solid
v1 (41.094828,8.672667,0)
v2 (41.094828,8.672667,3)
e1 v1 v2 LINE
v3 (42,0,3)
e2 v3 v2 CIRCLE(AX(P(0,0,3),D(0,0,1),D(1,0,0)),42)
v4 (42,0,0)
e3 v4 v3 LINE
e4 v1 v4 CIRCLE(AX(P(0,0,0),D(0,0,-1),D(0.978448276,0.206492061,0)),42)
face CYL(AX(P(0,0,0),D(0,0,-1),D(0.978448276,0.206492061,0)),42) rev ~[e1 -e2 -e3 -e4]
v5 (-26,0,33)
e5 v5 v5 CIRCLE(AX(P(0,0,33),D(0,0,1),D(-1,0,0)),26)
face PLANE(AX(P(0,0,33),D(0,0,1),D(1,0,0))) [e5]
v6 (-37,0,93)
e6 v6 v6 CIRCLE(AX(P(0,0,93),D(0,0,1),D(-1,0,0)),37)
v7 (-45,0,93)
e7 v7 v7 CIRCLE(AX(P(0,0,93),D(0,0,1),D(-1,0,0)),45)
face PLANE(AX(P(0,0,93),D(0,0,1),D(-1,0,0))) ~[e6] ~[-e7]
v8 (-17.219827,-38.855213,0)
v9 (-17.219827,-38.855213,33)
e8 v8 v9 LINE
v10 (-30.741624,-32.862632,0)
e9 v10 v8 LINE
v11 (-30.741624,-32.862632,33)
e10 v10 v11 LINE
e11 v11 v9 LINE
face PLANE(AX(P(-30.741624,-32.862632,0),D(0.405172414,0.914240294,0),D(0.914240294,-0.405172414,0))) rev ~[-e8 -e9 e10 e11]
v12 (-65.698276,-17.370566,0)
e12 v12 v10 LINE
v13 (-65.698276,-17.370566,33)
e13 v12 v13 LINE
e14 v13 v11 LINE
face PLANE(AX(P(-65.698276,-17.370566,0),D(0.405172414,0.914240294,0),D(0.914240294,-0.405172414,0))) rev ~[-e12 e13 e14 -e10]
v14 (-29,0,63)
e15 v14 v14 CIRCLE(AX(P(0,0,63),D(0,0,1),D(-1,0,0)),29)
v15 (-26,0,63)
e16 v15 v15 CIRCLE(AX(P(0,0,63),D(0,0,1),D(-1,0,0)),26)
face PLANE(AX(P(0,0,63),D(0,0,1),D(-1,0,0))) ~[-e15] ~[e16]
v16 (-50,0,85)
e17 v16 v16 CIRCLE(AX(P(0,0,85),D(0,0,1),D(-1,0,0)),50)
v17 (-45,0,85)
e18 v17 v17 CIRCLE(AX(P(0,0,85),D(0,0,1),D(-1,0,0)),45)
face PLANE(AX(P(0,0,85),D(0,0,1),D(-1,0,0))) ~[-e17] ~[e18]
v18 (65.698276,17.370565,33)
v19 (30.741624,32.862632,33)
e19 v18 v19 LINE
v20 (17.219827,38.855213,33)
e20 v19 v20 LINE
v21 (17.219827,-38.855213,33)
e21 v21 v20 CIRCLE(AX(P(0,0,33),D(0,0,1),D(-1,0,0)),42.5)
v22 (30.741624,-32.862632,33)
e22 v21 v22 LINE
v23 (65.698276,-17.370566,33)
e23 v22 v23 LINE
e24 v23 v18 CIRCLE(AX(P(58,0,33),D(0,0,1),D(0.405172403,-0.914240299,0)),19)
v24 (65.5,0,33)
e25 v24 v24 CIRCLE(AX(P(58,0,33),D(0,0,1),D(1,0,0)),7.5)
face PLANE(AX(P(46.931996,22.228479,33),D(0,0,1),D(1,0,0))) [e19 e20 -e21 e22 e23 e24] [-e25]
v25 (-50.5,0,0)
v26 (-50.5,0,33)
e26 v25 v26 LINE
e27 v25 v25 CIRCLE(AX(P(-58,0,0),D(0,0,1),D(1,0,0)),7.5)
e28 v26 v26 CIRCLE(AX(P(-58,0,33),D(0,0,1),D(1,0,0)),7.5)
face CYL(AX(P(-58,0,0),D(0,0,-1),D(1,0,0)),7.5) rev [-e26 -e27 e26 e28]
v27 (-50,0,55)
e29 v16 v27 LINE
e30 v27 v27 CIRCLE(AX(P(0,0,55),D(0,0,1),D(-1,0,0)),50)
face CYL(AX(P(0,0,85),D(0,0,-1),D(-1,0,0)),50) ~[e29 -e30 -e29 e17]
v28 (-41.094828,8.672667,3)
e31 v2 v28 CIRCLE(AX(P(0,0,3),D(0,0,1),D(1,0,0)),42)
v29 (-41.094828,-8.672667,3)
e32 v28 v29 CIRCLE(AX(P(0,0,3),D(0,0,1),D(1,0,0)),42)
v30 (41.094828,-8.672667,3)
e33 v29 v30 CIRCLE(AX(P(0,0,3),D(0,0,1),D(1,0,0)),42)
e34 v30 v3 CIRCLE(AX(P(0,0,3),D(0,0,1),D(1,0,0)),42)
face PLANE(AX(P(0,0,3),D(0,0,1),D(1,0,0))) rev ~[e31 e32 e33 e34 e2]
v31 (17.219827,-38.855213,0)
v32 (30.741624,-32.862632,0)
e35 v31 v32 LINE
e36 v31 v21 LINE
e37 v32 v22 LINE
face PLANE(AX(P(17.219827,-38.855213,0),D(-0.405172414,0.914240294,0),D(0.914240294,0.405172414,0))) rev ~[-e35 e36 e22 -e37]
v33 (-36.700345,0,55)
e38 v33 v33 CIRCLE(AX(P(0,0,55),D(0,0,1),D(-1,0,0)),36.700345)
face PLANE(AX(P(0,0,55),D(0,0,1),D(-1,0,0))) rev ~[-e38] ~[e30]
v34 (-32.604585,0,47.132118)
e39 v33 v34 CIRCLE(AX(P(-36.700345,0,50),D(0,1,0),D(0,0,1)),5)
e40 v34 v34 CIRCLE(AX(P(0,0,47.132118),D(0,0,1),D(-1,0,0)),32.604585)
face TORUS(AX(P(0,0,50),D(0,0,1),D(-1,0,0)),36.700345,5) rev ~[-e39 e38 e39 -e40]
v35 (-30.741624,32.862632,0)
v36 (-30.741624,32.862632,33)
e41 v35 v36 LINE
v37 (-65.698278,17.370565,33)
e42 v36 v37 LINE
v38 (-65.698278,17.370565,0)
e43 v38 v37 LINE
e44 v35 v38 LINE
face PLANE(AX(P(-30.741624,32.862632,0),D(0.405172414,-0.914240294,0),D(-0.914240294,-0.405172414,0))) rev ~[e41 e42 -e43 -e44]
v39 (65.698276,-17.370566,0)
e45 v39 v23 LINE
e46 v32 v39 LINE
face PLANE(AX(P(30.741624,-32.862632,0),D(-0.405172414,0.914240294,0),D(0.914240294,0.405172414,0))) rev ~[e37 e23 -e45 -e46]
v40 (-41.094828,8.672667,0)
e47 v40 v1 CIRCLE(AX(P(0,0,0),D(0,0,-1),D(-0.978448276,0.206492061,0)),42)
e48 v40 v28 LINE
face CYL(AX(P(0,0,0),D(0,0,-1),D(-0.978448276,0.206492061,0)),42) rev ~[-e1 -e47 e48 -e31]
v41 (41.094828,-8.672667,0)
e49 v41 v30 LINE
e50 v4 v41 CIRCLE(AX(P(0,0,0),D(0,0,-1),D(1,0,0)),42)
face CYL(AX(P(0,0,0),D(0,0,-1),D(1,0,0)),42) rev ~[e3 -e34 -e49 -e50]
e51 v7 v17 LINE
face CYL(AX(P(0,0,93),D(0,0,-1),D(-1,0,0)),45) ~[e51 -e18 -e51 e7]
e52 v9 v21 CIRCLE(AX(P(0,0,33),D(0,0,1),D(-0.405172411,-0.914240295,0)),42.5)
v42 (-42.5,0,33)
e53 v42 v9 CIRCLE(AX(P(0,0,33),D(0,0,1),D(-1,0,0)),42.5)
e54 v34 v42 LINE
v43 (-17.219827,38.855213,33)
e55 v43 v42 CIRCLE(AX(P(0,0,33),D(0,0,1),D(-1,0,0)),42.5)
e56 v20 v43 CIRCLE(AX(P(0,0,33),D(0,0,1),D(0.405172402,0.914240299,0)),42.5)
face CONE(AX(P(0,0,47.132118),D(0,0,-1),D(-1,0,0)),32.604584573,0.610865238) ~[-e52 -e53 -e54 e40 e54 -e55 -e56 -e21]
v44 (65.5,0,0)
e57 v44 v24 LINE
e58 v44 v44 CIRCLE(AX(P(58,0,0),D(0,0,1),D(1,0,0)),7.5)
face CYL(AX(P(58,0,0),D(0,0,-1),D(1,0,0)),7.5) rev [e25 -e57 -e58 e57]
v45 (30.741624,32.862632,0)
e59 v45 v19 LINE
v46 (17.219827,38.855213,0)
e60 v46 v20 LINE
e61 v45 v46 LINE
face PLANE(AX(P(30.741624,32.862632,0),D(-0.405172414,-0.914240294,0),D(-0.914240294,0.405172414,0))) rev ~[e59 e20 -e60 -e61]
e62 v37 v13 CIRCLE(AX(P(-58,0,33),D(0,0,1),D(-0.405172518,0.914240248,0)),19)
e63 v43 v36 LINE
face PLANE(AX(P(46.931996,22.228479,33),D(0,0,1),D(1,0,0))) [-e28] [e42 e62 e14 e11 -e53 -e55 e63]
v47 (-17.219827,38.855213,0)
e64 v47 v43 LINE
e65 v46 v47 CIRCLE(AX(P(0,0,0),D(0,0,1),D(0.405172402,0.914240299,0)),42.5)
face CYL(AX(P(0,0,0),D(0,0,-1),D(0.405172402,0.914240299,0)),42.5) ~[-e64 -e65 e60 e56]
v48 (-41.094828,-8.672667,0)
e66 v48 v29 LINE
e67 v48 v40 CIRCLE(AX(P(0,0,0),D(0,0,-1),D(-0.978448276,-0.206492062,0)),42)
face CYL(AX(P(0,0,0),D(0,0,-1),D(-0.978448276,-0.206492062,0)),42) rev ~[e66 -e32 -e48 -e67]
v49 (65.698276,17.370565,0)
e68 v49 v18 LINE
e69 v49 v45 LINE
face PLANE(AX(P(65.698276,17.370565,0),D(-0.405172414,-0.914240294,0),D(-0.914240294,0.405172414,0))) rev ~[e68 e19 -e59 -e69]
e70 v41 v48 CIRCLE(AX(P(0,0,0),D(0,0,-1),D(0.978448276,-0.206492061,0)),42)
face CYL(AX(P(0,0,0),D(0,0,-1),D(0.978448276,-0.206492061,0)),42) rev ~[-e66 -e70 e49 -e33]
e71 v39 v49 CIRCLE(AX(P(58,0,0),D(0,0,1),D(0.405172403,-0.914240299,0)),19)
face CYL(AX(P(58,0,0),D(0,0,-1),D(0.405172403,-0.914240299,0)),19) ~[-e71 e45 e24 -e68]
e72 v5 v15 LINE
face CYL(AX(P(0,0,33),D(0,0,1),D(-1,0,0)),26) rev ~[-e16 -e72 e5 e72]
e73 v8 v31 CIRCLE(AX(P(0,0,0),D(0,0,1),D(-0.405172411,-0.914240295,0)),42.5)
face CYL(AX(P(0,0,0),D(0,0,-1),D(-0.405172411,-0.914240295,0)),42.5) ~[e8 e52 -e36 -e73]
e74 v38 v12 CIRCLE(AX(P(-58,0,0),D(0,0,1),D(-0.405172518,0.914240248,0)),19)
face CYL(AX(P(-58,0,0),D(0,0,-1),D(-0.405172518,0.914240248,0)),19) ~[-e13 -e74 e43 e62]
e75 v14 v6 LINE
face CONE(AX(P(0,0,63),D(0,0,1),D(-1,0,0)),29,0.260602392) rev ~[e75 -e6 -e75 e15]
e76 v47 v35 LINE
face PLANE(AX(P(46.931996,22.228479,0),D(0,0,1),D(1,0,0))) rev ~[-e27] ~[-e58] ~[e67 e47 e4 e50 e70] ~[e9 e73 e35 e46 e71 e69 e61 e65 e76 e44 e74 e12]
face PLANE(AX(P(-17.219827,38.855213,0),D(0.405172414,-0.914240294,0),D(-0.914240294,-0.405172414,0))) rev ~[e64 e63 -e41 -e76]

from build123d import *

# Parameters (mm, degrees)
F0_R     = 7.5
F3_DEPTH = 33
F5_START = 3
F4_R     = 42
F5_DEPTH = 30


with BuildPart() as f2:
    # F1 (on Front) → F2 (revolve)
    with BuildSketch(Plane.XZ):
        with BuildLine():
            Line((-32.6045845728, 47.1321178182), (-42.5, 33))
            Line((-42.5, 33), (-26, 33))
            Line((-26, 33), (-26, 63))
            Line((-26, 63), (-29, 63))
            Line((-29, 63), (-37, 93))
            Line((-37, 93), (-45, 93))
            Line((-45, 93), (-45, 85))
            Line((-45, 85), (-50, 85))
            Line((-50, 85), (-50, 55))
            Line((-50, 55), (-36.7003447942, 55))
            ThreePointArc((-36.7003447942, 55), (-32.2652906284, 52.3087430662), (-32.6045845728, 47.1321178182))
        make_face()
    revolve(axis=Axis((0, 0, 36.171267882), (0, 0, 1)))

    # F0 (on Top) → F3 (join)
    with BuildSketch(Plane.XY):
        with BuildLine():
            ThreePointArc((30.7416238862, 32.8626316785), (38.4714348159, 23.3441363774), (43.3448275862, 12.0923910589))
            ThreePointArc((43.3448275862, 12.0923910589), (53.6337221418, 18.491501228), (65.6982762183, 17.3705654274))
            Line((65.6982762183, 17.3705654274), (30.7416238862, 32.8626316785))
        make_face()
        with BuildLine():
            ThreePointArc((-43.3448275862, 12.0923910589), (-38.4714348159, 23.3441363774), (-30.7416238862, 32.8626316785))
            Line((-30.7416238862, 32.8626316785), (-65.6982778503, 17.3705647041))
            ThreePointArc((-65.6982778503, 17.3705647041), (-53.6337230105, 18.4915014331), (-43.3448275862, 12.0923910589))
        make_face()
        with BuildLine():
            Line((-65.6982756625, -17.3705656737), (-30.7416238862, -32.8626316785))
            ThreePointArc((-30.7416238862, -32.8626316785), (-38.4714348159, -23.3441363774), (-43.3448275862, -12.0923910589))
            ThreePointArc((-43.3448275862, -12.0923910589), (-53.633721846, -18.4915011581), (-65.6982756625, -17.3705656737))
        make_face()
        with BuildLine():
            ThreePointArc((65.6982756625, -17.3705656737), (53.633721846, -18.4915011582), (43.3448275862, -12.0923910589))
            ThreePointArc((43.3448275862, -12.0923910589), (38.4714348159, -23.3441363774), (30.7416238862, -32.8626316785))
            Line((30.7416238862, -32.8626316785), (65.6982756625, -17.3705656737))
        make_face()
        with BuildLine():
            ThreePointArc((41.4590517241, 9.3486378759), (42.3417264073, 10.7618989076), (43.3448275862, 12.0923910589))
            ThreePointArc((43.3448275862, 12.0923910589), (38.4714348159, 23.3441363774), (30.7416238862, 32.8626316785))
            Line((30.7416238862, 32.8626316785), (17.219827087, 38.8552127146))
            ThreePointArc((17.219827087, 38.8552127146), (32.8399481472, 26.9775426177), (41.4590517241, 9.3486378759))
        make_face()
        with BuildLine():
            Line((-17.2198272904, 38.8552126244), (-30.7416238862, 32.8626316785))
            ThreePointArc((-30.7416238862, 32.8626316785), (-38.4714348159, 23.3441363774), (-43.3448275862, 12.0923910589))
            ThreePointArc((-43.3448275862, 12.0923910589), (-42.3417264073, 10.7618989076), (-41.4590517241, 9.3486378759))
            ThreePointArc((-41.4590517241, 9.3486378759), (-32.8399482178, 26.9775425317), (-17.2198272904, 38.8552126244))
        make_face()
        with BuildLine():
            ThreePointArc((-43.3448275862, -12.0923910589), (-45, 0), (-43.3448275862, 12.0923910589))
            ThreePointArc((-43.3448275862, 12.0923910589), (-53.6337230105, 18.4915014331), (-65.6982778503, 17.3705647041))
            ThreePointArc((-65.6982778503, 17.3705647041), (-77, -1.1965e-06), (-65.6982756625, -17.3705656737))
            ThreePointArc((-65.6982756625, -17.3705656737), (-53.633721846, -18.4915011581), (-43.3448275862, -12.0923910589))
        make_face()
        with Locations((-58, 0)):
            Circle(F0_R, mode=Mode.SUBTRACT)
        with BuildLine():
            ThreePointArc((-43.3448275862, -12.0923910589), (-38.4714348159, -23.3441363774), (-30.7416238862, -32.8626316785))
            Line((-30.7416238862, -32.8626316785), (-17.2198274837, -38.8552125388))
            ThreePointArc((-17.2198274837, -38.8552125388), (-32.8399482849, -26.9775424501), (-41.4590517241, -9.3486378759))
            ThreePointArc((-41.4590517241, -9.3486378759), (-42.3417264073, -10.7618989076), (-43.3448275862, -12.0923910589))
        make_face()
        with BuildLine():
            ThreePointArc((30.7416238862, -32.8626316785), (38.4714348159, -23.3441363774), (43.3448275862, -12.0923910589))
            ThreePointArc((43.3448275862, -12.0923910589), (42.3417264073, -10.7618989076), (41.4590517241, -9.3486378759))
            ThreePointArc((41.4590517241, -9.3486378759), (32.8399481447, -26.9775426208), (17.2198270797, -38.8552127178))
            Line((17.2198270797, -38.8552127178), (30.7416238862, -32.8626316785))
        make_face()
        with BuildLine():
            ThreePointArc((43.3448275862, 12.0923910589), (44.5842867016, 6.1025715326), (45, 0))
            ThreePointArc((45, 0), (44.5842867016, -6.1025715326), (43.3448275862, -12.0923910589))
            ThreePointArc((43.3448275862, -12.0923910589), (53.633721846, -18.4915011582), (65.6982756625, -17.3705656737))
            ThreePointArc((65.6982756625, -17.3705656737), (73.9258789018, -10.3617750027), (77, 0))
            ThreePointArc((77, 0), (73.9258790675, 10.3617747479), (65.6982762183, 17.3705654274))
            ThreePointArc((65.6982762183, 17.3705654274), (53.6337221418, 18.491501228), (43.3448275862, 12.0923910589))
        make_face()
        with Locations((58, 0)):
            Circle(F0_R, mode=Mode.SUBTRACT)
        with BuildLine():
            ThreePointArc((43.3448275862, -12.0923910589), (44.5842867016, -6.1025715326), (45, 0))
            ThreePointArc((45, 0), (44.5842867016, 6.1025715326), (43.3448275862, 12.0923910589))
            ThreePointArc((43.3448275862, 12.0923910589), (42.3417264073, 10.7618989076), (41.4590517241, 9.3486378759))
            ThreePointArc((41.4590517241, 9.3486378759), (42.2389612696, 4.7032064448), (42.5, 0))
            ThreePointArc((42.5, 0), (42.2389612696, -4.7032064448), (41.4590517241, -9.3486378759))
            ThreePointArc((41.4590517241, -9.3486378759), (42.3417264073, -10.7618989076), (43.3448275862, -12.0923910589))
        make_face()
        with BuildLine():
            ThreePointArc((-41.4590517241, 9.3486378759), (-42.3417264073, 10.7618989076), (-43.3448275862, 12.0923910589))
            ThreePointArc((-43.3448275862, 12.0923910589), (-45, 0), (-43.3448275862, -12.0923910589))
            ThreePointArc((-43.3448275862, -12.0923910589), (-42.3417264073, -10.7618989076), (-41.4590517241, -9.3486378759))
            ThreePointArc((-41.4590517241, -9.3486378759), (-42.5, 0), (-41.4590517241, 9.3486378759))
        make_face()
        with BuildLine():
            ThreePointArc((17.2198270797, -38.8552127178), (32.8399481447, -26.9775426208), (41.4590517241, -9.3486378759))
            ThreePointArc((41.4590517241, -9.3486378759), (41.2735245316, -9.0124923526), (41.0948275862, -8.672666583))
            ThreePointArc((41.0948275862, -8.672666583), (0, -42), (-41.0948275862, -8.672666583))
            ThreePointArc((-41.0948275862, -8.672666583), (-41.2735245316, -9.0124923526), (-41.4590517241, -9.3486378759))
            ThreePointArc((-41.4590517241, -9.3486378759), (-32.8399482849, -26.9775424501), (-17.2198274837, -38.8552125388))
            ThreePointArc((-17.2198274837, -38.8552125388), (-2.209e-07, -42.5), (17.2198270797, -38.8552127178))
        make_face()
        with BuildLine():
            ThreePointArc((41.0948275862, 8.672666583), (41.2735245316, 9.0124923526), (41.4590517241, 9.3486378759))
            ThreePointArc((41.4590517241, 9.3486378759), (32.8399481472, 26.9775426177), (17.219827087, 38.8552127146))
            ThreePointArc((17.219827087, 38.8552127146), (-1.113e-07, 42.5), (-17.2198272904, 38.8552126244))
            ThreePointArc((-17.2198272904, 38.8552126244), (-32.8399482178, 26.9775425317), (-41.4590517241, 9.3486378759))
            ThreePointArc((-41.4590517241, 9.3486378759), (-41.2735245316, 9.0124923526), (-41.0948275862, 8.672666583))
            ThreePointArc((-41.0948275862, 8.672666583), (0, 42), (41.0948275862, 8.672666583))
        make_face()
        with BuildLine():
            ThreePointArc((42.5, 0), (42.2389612696, 4.7032064448), (41.4590517241, 9.3486378759))
            ThreePointArc((41.4590517241, 9.3486378759), (41.2735245316, 9.0124923526), (41.0948275862, 8.672666583))
            ThreePointArc((41.0948275862, 8.672666583), (41.7730939638, 4.3598876923), (42, 0))
            ThreePointArc((42, 0), (41.7730939638, -4.3598876923), (41.0948275862, -8.672666583))
            ThreePointArc((41.0948275862, -8.672666583), (41.2735245316, -9.0124923526), (41.4590517241, -9.3486378759))
            ThreePointArc((41.4590517241, -9.3486378759), (42.2389612696, -4.7032064448), (42.5, 0))
        make_face()
        with BuildLine():
            ThreePointArc((-41.0948275862, -8.672666583), (-42, 0), (-41.0948275862, 8.672666583))
            ThreePointArc((-41.0948275862, 8.672666583), (-41.2735245316, 9.0124923526), (-41.4590517241, 9.3486378759))
            ThreePointArc((-41.4590517241, 9.3486378759), (-42.5, 0), (-41.4590517241, -9.3486378759))
            ThreePointArc((-41.4590517241, -9.3486378759), (-41.2735245316, -9.0124923526), (-41.0948275862, -8.672666583))
        make_face()
    extrude(amount=F3_DEPTH)

    # F4 (on Top) → F5 (join)
    with BuildSketch(Plane.XY.offset(F5_START)):
        Circle(F4_R)
    extrude(amount=F5_DEPTH)


solid = f2.part
